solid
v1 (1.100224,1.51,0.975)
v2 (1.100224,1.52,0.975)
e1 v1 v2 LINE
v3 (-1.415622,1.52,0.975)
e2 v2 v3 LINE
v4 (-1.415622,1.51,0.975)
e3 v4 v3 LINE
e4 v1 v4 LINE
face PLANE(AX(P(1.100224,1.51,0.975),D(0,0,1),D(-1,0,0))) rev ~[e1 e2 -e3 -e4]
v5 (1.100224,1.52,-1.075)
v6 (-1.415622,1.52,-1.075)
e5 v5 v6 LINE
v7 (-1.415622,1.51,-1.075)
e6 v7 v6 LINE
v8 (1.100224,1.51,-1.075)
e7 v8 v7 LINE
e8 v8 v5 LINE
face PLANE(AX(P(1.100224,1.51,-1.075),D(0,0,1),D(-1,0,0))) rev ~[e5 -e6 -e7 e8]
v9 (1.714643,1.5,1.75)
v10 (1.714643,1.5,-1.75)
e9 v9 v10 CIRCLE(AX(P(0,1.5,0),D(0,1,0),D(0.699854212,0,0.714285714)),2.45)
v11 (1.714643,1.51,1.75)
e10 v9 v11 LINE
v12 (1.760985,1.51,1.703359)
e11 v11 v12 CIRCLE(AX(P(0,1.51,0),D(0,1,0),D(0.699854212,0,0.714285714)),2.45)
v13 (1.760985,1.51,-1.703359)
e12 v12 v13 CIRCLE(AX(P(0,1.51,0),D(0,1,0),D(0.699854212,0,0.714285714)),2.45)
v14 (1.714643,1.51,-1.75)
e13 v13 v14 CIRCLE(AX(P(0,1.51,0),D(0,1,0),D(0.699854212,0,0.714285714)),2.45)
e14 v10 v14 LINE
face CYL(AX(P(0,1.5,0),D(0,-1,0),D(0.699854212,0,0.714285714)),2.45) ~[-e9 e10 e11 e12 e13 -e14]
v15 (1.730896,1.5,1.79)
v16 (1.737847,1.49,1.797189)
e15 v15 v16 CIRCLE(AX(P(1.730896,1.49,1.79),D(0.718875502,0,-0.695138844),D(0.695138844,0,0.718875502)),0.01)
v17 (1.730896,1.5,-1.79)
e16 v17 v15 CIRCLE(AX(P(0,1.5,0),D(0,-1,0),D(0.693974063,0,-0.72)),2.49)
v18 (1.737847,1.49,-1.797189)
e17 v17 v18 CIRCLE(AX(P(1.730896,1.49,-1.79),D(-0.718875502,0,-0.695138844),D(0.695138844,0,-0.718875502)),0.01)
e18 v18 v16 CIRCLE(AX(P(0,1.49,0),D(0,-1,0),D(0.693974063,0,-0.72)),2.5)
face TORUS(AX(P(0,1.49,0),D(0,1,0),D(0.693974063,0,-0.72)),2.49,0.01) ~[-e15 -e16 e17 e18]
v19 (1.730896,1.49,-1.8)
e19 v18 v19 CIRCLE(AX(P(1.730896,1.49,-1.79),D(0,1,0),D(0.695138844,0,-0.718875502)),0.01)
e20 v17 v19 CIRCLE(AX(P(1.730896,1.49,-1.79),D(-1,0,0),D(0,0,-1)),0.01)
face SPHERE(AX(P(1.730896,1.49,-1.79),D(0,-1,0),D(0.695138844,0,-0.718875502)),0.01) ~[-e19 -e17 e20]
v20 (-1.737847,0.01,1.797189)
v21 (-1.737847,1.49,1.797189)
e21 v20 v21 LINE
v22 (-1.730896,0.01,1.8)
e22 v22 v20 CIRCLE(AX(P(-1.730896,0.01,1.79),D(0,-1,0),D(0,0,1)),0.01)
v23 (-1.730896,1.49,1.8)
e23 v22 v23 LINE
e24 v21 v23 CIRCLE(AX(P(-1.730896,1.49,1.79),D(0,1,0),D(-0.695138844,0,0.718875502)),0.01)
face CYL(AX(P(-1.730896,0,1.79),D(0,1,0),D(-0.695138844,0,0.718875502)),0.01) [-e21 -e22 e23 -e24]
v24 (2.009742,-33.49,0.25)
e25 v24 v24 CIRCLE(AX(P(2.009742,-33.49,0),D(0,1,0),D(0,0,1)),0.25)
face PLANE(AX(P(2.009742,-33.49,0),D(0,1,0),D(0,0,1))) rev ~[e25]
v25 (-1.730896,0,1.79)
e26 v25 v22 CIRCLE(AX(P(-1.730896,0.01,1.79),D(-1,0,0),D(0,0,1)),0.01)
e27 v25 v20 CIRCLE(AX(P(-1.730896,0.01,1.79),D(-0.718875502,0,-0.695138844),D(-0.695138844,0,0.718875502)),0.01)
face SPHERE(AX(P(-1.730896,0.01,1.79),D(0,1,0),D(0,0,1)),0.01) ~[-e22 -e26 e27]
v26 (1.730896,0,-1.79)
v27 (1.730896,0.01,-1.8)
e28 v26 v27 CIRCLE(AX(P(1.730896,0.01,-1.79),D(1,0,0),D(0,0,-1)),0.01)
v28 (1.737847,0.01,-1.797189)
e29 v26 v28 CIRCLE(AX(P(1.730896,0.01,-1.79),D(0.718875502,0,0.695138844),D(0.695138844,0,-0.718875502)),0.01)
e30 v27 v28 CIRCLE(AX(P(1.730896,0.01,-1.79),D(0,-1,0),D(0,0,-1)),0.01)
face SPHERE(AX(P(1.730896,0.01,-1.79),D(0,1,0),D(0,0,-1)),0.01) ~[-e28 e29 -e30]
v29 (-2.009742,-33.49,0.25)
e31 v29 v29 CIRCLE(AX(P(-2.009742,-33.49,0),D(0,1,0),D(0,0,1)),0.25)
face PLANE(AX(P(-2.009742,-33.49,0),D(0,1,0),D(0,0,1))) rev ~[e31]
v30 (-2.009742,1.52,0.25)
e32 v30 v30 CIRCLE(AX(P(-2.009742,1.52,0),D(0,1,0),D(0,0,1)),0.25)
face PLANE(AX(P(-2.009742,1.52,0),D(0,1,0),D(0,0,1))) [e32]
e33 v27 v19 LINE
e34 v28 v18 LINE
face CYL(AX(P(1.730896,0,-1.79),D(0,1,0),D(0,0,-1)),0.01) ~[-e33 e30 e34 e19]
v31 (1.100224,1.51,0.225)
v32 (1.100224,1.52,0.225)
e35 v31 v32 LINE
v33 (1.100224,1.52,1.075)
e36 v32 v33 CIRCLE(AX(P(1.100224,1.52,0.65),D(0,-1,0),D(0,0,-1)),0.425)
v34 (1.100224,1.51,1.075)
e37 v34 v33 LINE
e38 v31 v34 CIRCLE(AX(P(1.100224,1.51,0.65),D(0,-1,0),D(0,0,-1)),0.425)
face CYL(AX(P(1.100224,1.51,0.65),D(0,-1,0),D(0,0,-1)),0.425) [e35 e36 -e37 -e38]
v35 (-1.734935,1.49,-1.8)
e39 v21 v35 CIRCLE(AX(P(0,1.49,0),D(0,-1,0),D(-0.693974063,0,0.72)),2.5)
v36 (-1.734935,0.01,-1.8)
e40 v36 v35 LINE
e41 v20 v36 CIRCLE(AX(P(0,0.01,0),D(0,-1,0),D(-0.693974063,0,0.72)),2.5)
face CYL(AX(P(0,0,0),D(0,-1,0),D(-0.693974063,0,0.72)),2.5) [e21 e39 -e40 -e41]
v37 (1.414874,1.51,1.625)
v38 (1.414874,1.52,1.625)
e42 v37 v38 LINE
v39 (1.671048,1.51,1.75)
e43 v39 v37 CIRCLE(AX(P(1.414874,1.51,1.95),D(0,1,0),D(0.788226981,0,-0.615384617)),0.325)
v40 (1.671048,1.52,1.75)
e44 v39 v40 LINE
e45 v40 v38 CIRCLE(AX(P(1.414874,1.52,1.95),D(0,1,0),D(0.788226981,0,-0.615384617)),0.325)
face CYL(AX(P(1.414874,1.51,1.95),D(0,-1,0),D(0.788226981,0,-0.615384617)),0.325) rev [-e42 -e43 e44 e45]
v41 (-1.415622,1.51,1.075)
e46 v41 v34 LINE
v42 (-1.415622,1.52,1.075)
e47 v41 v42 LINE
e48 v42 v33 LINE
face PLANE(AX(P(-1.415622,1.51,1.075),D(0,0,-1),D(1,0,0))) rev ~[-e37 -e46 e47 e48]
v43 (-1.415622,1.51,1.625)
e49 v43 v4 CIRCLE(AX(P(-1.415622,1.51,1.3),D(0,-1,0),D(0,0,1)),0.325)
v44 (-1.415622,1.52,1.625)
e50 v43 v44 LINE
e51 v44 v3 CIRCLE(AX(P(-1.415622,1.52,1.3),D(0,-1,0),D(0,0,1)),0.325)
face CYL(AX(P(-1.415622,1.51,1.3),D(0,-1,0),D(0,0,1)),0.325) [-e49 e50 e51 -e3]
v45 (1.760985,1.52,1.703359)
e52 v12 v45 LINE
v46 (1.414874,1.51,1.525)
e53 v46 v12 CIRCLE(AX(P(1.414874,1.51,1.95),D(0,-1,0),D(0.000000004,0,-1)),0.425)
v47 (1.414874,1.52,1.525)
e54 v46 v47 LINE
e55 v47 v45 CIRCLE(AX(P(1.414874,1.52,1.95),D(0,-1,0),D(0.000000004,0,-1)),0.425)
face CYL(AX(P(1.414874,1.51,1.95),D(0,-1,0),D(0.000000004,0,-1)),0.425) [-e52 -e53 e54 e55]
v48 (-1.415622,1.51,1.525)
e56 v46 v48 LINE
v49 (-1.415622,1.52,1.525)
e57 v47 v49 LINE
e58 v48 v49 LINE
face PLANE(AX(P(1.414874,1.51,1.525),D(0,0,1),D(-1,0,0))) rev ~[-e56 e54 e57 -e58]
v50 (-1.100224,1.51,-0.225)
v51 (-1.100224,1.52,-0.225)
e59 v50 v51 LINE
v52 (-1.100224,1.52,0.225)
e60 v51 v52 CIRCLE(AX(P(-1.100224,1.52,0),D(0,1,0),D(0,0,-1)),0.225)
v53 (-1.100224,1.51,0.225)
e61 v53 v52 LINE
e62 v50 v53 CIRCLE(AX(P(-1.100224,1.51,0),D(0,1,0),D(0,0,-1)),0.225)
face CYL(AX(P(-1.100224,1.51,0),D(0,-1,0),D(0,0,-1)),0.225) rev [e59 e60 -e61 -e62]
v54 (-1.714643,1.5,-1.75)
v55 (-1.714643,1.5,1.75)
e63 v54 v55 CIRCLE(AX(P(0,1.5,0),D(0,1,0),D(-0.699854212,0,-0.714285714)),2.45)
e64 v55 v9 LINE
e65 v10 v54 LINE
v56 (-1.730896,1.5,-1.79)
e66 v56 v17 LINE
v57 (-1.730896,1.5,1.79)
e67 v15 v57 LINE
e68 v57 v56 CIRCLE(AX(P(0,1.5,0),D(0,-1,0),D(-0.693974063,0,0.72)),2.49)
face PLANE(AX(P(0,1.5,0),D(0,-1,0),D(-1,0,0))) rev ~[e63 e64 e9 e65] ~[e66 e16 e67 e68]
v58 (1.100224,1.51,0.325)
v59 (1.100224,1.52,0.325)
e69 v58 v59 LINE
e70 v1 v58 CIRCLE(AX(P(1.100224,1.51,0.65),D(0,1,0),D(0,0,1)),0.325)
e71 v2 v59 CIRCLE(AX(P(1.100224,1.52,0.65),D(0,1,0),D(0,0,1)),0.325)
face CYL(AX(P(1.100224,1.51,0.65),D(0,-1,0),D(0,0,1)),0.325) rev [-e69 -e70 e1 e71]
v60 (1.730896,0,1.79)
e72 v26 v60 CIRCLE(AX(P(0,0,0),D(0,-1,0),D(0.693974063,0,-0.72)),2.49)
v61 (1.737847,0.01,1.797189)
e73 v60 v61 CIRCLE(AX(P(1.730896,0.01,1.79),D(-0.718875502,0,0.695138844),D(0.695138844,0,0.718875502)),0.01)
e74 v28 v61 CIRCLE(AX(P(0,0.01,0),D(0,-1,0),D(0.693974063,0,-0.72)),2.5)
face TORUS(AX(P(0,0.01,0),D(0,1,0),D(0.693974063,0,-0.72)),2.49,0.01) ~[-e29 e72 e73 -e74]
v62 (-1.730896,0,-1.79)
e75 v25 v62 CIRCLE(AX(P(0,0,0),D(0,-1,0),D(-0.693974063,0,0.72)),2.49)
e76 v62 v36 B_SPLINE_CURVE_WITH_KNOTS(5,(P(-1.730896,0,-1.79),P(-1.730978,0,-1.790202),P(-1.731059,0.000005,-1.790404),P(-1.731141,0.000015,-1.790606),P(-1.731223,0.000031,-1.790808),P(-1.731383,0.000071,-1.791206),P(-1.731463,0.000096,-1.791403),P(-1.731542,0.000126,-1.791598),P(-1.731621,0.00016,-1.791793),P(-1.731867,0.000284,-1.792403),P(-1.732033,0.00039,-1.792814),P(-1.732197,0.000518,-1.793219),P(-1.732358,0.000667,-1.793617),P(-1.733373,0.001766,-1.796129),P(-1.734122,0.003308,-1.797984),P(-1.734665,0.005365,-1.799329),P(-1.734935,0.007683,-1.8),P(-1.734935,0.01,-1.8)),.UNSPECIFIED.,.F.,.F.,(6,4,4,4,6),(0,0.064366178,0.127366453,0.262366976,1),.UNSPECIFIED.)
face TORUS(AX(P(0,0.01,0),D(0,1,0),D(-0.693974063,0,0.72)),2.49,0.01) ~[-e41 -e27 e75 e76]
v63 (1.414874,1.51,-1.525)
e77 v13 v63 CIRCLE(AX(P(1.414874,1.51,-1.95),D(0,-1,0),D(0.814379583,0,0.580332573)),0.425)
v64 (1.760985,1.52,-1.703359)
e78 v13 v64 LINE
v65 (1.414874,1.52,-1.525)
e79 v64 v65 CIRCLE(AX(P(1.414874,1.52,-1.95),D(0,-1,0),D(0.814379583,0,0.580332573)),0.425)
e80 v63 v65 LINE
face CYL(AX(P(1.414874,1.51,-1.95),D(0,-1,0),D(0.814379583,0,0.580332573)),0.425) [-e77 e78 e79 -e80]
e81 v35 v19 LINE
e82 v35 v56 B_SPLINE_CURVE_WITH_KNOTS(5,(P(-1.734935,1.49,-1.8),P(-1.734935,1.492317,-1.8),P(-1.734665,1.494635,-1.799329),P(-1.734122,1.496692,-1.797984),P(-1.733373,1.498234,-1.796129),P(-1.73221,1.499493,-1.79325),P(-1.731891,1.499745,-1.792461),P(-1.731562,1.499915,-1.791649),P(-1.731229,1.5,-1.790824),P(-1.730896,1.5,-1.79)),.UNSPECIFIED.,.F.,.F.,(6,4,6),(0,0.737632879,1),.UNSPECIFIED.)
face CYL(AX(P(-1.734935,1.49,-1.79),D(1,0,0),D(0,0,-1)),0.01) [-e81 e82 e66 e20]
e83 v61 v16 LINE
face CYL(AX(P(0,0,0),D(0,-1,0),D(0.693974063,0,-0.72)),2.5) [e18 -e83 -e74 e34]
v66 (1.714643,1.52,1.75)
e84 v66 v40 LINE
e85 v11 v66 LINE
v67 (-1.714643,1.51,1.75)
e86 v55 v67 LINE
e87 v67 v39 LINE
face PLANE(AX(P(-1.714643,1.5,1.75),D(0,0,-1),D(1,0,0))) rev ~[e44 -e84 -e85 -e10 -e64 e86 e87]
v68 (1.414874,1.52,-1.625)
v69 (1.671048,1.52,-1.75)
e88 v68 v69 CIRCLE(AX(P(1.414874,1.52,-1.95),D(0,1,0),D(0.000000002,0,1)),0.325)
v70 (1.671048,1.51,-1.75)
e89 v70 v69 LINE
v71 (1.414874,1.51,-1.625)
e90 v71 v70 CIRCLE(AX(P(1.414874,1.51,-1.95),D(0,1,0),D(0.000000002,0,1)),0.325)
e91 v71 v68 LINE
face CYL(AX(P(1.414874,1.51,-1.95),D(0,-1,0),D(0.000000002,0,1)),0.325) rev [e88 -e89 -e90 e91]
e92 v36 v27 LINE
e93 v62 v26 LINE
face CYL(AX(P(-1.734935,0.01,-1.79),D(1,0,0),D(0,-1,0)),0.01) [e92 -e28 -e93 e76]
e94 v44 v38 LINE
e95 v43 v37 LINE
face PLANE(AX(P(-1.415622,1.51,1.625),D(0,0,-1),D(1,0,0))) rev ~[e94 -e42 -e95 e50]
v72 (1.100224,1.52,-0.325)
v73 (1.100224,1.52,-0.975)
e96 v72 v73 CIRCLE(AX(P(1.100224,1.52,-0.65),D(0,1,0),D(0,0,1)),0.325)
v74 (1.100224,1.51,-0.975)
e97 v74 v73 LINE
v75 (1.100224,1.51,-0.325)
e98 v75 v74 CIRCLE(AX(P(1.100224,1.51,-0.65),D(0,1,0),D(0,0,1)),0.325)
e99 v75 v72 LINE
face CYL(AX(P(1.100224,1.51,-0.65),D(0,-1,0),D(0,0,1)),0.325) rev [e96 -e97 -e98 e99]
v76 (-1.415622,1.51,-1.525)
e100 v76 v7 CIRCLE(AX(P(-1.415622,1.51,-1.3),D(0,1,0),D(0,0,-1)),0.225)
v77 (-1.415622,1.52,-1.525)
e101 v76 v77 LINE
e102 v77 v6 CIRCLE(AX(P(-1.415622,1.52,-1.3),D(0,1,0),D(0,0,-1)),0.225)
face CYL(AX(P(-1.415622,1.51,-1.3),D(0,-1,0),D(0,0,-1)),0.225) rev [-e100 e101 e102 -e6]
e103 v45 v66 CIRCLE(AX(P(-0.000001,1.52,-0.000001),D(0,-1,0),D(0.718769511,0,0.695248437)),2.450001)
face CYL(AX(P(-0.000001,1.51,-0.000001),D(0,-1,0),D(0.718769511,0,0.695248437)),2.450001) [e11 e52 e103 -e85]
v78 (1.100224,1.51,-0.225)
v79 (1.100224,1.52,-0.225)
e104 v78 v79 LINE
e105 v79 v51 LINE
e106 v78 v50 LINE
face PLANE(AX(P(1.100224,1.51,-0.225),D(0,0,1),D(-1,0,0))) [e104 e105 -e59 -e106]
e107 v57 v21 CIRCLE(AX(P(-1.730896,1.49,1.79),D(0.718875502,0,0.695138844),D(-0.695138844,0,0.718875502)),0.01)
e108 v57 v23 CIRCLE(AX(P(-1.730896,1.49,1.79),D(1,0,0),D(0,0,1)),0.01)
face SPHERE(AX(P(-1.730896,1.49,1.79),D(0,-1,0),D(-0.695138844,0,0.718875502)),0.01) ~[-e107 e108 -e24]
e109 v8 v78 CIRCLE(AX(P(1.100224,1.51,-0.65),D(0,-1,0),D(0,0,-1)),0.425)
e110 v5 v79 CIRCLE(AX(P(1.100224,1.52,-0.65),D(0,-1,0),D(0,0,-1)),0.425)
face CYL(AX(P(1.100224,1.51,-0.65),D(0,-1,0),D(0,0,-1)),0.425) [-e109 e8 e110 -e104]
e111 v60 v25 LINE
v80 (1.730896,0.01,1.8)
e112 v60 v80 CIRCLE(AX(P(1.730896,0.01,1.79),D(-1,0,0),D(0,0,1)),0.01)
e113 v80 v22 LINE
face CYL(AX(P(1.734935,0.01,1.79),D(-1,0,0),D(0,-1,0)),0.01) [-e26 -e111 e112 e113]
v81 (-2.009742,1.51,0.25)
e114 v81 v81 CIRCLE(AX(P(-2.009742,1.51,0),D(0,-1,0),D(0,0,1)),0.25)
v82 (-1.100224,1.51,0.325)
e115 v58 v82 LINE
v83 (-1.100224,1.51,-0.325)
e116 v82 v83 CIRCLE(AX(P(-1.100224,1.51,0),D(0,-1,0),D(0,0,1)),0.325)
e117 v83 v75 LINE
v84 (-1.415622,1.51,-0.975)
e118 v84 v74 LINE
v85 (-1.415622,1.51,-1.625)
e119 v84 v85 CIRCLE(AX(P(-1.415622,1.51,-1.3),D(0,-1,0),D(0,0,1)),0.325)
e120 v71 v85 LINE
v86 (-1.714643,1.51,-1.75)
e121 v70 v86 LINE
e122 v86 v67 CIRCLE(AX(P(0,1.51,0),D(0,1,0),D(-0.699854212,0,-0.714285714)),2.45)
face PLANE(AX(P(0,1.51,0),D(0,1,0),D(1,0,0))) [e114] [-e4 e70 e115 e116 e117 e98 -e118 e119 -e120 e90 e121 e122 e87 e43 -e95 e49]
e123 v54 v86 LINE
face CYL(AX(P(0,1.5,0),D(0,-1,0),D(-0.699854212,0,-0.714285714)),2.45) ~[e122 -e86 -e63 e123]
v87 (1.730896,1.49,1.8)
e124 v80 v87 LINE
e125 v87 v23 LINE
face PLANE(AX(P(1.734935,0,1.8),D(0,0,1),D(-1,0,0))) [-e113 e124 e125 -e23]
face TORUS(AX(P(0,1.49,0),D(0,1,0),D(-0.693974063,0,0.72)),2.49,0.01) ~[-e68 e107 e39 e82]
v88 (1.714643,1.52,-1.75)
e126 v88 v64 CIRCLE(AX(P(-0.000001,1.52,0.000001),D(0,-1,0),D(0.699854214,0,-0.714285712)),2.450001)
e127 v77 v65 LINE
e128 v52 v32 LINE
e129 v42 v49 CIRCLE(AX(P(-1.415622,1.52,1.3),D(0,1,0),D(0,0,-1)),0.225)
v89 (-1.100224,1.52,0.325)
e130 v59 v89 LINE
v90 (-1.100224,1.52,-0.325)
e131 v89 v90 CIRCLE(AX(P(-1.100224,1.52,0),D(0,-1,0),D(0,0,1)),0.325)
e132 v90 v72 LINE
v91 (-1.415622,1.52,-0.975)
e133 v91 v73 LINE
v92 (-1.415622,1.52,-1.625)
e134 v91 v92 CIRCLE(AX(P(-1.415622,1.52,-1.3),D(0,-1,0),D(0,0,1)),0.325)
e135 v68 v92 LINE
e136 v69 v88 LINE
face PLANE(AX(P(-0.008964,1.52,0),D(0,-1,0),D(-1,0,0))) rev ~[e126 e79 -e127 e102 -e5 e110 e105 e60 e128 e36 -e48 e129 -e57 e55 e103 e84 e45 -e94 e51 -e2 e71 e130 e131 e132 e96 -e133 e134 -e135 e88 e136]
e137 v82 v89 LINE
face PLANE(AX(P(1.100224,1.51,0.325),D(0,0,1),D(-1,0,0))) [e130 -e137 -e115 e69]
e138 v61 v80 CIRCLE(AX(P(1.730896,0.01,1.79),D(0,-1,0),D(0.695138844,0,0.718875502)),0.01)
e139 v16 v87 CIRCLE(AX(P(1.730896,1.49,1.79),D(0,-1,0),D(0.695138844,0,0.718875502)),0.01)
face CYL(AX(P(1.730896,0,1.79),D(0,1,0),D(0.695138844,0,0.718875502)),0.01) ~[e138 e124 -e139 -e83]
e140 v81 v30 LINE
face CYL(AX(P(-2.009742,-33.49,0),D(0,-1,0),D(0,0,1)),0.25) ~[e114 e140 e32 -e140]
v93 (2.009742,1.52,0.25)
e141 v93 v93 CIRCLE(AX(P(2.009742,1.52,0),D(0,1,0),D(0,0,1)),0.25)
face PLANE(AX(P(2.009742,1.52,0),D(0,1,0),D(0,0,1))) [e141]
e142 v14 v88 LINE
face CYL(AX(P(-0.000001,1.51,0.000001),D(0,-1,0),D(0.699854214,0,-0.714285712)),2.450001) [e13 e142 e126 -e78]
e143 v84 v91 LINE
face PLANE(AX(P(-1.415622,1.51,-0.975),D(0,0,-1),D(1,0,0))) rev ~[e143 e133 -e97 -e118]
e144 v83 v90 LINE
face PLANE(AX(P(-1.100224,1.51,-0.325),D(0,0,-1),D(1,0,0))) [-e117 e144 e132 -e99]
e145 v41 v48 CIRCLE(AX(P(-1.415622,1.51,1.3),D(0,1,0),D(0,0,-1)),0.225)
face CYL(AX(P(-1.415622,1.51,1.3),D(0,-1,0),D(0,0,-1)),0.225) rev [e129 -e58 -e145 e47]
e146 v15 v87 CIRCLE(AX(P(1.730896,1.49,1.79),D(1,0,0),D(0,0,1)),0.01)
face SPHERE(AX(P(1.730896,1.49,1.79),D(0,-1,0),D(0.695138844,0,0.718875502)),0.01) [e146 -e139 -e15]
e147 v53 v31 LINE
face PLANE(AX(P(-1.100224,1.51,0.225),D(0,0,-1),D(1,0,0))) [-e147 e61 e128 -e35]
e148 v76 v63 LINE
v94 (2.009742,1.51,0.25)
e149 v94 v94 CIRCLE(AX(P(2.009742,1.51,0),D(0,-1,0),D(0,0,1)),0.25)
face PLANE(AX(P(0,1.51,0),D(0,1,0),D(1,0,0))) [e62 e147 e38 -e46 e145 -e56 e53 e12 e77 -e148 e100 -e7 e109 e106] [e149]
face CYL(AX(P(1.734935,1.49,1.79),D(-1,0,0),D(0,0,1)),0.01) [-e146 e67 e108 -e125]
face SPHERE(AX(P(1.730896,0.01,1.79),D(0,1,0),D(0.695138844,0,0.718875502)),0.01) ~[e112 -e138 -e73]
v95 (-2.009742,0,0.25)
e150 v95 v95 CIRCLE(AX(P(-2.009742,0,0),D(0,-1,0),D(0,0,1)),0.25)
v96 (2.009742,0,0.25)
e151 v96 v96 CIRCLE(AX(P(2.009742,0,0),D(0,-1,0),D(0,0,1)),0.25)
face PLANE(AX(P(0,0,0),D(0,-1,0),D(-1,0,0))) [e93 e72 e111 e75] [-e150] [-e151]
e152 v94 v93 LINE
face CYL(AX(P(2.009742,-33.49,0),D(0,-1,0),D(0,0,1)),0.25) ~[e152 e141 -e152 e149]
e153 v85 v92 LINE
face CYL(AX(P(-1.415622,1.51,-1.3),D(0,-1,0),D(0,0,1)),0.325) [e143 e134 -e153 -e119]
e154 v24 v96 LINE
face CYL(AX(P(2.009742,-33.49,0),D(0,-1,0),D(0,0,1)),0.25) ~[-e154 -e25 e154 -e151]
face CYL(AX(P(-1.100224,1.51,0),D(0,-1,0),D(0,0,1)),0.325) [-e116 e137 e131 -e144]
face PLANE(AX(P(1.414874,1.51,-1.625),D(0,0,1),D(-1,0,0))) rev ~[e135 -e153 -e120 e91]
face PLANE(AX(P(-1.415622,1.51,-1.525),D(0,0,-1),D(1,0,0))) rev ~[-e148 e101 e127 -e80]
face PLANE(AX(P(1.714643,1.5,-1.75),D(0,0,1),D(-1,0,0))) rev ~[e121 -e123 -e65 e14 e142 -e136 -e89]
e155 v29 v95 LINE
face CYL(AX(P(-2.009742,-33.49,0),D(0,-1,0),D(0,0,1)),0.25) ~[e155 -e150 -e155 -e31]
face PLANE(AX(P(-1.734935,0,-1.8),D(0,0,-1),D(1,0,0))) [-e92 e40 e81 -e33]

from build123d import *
from build123d.topology import SkipClean

# Parameters (mm, degrees)
BOSS_EXTRUDE1_DEPTH      = 1.5
BOSS_EXTRUDE2_DEPTH      = 0.01
BOSS_EXTRUDE3_DEPTH      = 0.01
BOSS_EXTRUDE4_DEPTH      = 0.01
BOSS_EXTRUDE4_DEPTH_BACK = 35
SKETCH4_R                = 0.25
FILLET1_R                = 0.01


with BuildPart() as part:
    # Sketch1 → Boss-Extrude1 (new body)
    with BuildSketch(Plane(origin=(0, 0, 0), x_dir=(1, 0, 0), z_dir=(0, 1, 0))):
        with BuildLine():
            Line((-1.734935157, 1.8), (1.734935157, 1.8))
            ThreePointArc((1.734935157, 1.8), (2.5, 0), (1.734935157, -1.8))
            Line((1.734935157, -1.8), (-1.734935157, -1.8))
            ThreePointArc((-1.734935157, -1.8), (-2.5, 0), (-1.734935157, 1.8))
        make_face()
    extrude(amount=BOSS_EXTRUDE1_DEPTH)

    # Sketch2 → Boss-Extrude2 (add)
    with BuildSketch(Plane(origin=(0, 1.5, 0), x_dir=(1, 0, 0), z_dir=(0, 1, 0))):
        with BuildLine():
            Line((-1.71464282, -1.75), (1.71464282, -1.75))
            ThreePointArc((1.71464282, -1.75), (2.45, 0), (1.71464282, 1.75))
            Line((1.71464282, 1.75), (-1.71464282, 1.75))
            ThreePointArc((-1.71464282, 1.75), (-2.45, 0), (-1.71464282, -1.75))
        make_face()
    extrude(amount=BOSS_EXTRUDE2_DEPTH)

    # Sketch3 → Boss-Extrude3 (add)
    with SkipClean():  # the faces are left unmerged after this step: merging them gives an invalid solid
        with BuildSketch(Plane(origin=(0, 1.51, 0), x_dir=(1, 0, 0), z_dir=(0, 1, 0))):
            with BuildLine():
                Line((-1.100223992, 0.325), (1.100223992, 0.325))
                ThreePointArc((1.100223992, 0.325), (1.425223992, 0.65), (1.100223992, 0.975))
                Line((1.100223992, 0.975), (-1.100223992, 0.975))
                Line((-1.100223992, 0.975), (-1.415621536, 0.975))
                ThreePointArc((-1.415621536, 0.975), (-1.740621536, 1.3), (-1.415621536, 1.625))
                Line((-1.415621536, 1.625), (1.100223992, 1.625))
                Line((1.100223992, 1.625), (1.414873992, 1.625))
                ThreePointArc((1.414873992, 1.625), (1.55739592, 1.657916964), (1.671047761, 1.75))
                Line((1.671047761, 1.75), (1.71464282, 1.75))
                ThreePointArc((1.71464282, 1.75), (1.737970537, 1.726834796), (1.760985316, 1.703358658))
                ThreePointArc((1.760985316, 1.703358658), (1.609556335, 1.572211984), (1.414873992, 1.525))
                Line((1.414873992, 1.525), (1.100223992, 1.525))
                Line((1.100223992, 1.525), (-1.415621536, 1.525))
                ThreePointArc((-1.415621536, 1.525), (-1.640621536, 1.3), (-1.415621536, 1.075))
                Line((-1.415621536, 1.075), (-1.100223992, 1.075))
                Line((-1.100223992, 1.075), (1.100223992, 1.075))
                ThreePointArc((1.100223992, 1.075), (1.525223992, 0.65), (1.100223992, 0.225))
                Line((1.100223992, 0.225), (-1.100223992, 0.225))
                ThreePointArc((-1.100223992, 0.225), (-1.325223992, 0), (-1.100223992, -0.225))
                Line((-1.100223992, -0.225), (1.100223992, -0.225))
                ThreePointArc((1.100223992, -0.225), (1.525223992, -0.65), (1.100223992, -1.075))
                Line((1.100223992, -1.075), (-1.100223992, -1.075))
                Line((-1.100223992, -1.075), (-1.415621536, -1.075))
                ThreePointArc((-1.415621536, -1.075), (-1.640621536, -1.3), (-1.415621536, -1.525))
                Line((-1.415621536, -1.525), (1.100223992, -1.525))
                Line((1.100223992, -1.525), (1.414873992, -1.525))
                ThreePointArc((1.414873992, -1.525), (1.609556335, -1.572211984), (1.760985316, -1.703358658))
                ThreePointArc((1.760985316, -1.703358658), (1.737970537, -1.726834796), (1.71464282, -1.75))
                Line((1.71464282, -1.75), (1.671047761, -1.75))
                ThreePointArc((1.671047761, -1.75), (1.55739592, -1.657916964), (1.414873992, -1.625))
                Line((1.414873992, -1.625), (1.100223992, -1.625))
                Line((1.100223992, -1.625), (-1.415621536, -1.625))
                ThreePointArc((-1.415621536, -1.625), (-1.740621536, -1.3), (-1.415621536, -0.975))
                Line((-1.415621536, -0.975), (-1.100223992, -0.975))
                Line((-1.100223992, -0.975), (1.100223992, -0.975))
                ThreePointArc((1.100223992, -0.975), (1.425223992, -0.65), (1.100223992, -0.325))
                Line((1.100223992, -0.325), (-1.100223992, -0.325))
                ThreePointArc((-1.100223992, -0.325), (-1.425223992, 0), (-1.100223992, 0.325))
            make_face()
        extrude(amount=BOSS_EXTRUDE3_DEPTH)

    # Sketch4 → Boss-Extrude4 (add, two sides: drawn at the far end of the back side and taken through both)
    with SkipClean():  # the faces are left unmerged after this step: merging them gives an invalid solid
        with BuildSketch(Plane(origin=(0, 1.51, 0), x_dir=(1, 0, 0), z_dir=(0, 1, 0)).offset(-BOSS_EXTRUDE4_DEPTH_BACK)):
            with Locations((-2.009742492, 0)):
                Circle(SKETCH4_R)
            with Locations((2.009742492, 0)):
                Circle(SKETCH4_R)
        extrude(amount=BOSS_EXTRUDE4_DEPTH + BOSS_EXTRUDE4_DEPTH_BACK)

    # Fillet1
    fillet1_edges = [part.edges().sort_by_distance(p)[0] for p in [
        (1.734935157, 0.75, -1.8),
        (0, 1.5, -1.8),
        (0, 0, -1.8),
        (2.5, 0, 0),
        (2.5, 1.5, 0),
        (1.734935157, 0.75, 1.8),
        (0, 0, 1.8),
        (0, 1.5, 1.8),
        (-1.734935157, 0.75, 1.8),
        (-2.5, 0, 0),
        (-2.5, 1.5, 0),
    ]]
    fillet(fillet1_edges, radius=FILLET1_R)


solid = part.part
